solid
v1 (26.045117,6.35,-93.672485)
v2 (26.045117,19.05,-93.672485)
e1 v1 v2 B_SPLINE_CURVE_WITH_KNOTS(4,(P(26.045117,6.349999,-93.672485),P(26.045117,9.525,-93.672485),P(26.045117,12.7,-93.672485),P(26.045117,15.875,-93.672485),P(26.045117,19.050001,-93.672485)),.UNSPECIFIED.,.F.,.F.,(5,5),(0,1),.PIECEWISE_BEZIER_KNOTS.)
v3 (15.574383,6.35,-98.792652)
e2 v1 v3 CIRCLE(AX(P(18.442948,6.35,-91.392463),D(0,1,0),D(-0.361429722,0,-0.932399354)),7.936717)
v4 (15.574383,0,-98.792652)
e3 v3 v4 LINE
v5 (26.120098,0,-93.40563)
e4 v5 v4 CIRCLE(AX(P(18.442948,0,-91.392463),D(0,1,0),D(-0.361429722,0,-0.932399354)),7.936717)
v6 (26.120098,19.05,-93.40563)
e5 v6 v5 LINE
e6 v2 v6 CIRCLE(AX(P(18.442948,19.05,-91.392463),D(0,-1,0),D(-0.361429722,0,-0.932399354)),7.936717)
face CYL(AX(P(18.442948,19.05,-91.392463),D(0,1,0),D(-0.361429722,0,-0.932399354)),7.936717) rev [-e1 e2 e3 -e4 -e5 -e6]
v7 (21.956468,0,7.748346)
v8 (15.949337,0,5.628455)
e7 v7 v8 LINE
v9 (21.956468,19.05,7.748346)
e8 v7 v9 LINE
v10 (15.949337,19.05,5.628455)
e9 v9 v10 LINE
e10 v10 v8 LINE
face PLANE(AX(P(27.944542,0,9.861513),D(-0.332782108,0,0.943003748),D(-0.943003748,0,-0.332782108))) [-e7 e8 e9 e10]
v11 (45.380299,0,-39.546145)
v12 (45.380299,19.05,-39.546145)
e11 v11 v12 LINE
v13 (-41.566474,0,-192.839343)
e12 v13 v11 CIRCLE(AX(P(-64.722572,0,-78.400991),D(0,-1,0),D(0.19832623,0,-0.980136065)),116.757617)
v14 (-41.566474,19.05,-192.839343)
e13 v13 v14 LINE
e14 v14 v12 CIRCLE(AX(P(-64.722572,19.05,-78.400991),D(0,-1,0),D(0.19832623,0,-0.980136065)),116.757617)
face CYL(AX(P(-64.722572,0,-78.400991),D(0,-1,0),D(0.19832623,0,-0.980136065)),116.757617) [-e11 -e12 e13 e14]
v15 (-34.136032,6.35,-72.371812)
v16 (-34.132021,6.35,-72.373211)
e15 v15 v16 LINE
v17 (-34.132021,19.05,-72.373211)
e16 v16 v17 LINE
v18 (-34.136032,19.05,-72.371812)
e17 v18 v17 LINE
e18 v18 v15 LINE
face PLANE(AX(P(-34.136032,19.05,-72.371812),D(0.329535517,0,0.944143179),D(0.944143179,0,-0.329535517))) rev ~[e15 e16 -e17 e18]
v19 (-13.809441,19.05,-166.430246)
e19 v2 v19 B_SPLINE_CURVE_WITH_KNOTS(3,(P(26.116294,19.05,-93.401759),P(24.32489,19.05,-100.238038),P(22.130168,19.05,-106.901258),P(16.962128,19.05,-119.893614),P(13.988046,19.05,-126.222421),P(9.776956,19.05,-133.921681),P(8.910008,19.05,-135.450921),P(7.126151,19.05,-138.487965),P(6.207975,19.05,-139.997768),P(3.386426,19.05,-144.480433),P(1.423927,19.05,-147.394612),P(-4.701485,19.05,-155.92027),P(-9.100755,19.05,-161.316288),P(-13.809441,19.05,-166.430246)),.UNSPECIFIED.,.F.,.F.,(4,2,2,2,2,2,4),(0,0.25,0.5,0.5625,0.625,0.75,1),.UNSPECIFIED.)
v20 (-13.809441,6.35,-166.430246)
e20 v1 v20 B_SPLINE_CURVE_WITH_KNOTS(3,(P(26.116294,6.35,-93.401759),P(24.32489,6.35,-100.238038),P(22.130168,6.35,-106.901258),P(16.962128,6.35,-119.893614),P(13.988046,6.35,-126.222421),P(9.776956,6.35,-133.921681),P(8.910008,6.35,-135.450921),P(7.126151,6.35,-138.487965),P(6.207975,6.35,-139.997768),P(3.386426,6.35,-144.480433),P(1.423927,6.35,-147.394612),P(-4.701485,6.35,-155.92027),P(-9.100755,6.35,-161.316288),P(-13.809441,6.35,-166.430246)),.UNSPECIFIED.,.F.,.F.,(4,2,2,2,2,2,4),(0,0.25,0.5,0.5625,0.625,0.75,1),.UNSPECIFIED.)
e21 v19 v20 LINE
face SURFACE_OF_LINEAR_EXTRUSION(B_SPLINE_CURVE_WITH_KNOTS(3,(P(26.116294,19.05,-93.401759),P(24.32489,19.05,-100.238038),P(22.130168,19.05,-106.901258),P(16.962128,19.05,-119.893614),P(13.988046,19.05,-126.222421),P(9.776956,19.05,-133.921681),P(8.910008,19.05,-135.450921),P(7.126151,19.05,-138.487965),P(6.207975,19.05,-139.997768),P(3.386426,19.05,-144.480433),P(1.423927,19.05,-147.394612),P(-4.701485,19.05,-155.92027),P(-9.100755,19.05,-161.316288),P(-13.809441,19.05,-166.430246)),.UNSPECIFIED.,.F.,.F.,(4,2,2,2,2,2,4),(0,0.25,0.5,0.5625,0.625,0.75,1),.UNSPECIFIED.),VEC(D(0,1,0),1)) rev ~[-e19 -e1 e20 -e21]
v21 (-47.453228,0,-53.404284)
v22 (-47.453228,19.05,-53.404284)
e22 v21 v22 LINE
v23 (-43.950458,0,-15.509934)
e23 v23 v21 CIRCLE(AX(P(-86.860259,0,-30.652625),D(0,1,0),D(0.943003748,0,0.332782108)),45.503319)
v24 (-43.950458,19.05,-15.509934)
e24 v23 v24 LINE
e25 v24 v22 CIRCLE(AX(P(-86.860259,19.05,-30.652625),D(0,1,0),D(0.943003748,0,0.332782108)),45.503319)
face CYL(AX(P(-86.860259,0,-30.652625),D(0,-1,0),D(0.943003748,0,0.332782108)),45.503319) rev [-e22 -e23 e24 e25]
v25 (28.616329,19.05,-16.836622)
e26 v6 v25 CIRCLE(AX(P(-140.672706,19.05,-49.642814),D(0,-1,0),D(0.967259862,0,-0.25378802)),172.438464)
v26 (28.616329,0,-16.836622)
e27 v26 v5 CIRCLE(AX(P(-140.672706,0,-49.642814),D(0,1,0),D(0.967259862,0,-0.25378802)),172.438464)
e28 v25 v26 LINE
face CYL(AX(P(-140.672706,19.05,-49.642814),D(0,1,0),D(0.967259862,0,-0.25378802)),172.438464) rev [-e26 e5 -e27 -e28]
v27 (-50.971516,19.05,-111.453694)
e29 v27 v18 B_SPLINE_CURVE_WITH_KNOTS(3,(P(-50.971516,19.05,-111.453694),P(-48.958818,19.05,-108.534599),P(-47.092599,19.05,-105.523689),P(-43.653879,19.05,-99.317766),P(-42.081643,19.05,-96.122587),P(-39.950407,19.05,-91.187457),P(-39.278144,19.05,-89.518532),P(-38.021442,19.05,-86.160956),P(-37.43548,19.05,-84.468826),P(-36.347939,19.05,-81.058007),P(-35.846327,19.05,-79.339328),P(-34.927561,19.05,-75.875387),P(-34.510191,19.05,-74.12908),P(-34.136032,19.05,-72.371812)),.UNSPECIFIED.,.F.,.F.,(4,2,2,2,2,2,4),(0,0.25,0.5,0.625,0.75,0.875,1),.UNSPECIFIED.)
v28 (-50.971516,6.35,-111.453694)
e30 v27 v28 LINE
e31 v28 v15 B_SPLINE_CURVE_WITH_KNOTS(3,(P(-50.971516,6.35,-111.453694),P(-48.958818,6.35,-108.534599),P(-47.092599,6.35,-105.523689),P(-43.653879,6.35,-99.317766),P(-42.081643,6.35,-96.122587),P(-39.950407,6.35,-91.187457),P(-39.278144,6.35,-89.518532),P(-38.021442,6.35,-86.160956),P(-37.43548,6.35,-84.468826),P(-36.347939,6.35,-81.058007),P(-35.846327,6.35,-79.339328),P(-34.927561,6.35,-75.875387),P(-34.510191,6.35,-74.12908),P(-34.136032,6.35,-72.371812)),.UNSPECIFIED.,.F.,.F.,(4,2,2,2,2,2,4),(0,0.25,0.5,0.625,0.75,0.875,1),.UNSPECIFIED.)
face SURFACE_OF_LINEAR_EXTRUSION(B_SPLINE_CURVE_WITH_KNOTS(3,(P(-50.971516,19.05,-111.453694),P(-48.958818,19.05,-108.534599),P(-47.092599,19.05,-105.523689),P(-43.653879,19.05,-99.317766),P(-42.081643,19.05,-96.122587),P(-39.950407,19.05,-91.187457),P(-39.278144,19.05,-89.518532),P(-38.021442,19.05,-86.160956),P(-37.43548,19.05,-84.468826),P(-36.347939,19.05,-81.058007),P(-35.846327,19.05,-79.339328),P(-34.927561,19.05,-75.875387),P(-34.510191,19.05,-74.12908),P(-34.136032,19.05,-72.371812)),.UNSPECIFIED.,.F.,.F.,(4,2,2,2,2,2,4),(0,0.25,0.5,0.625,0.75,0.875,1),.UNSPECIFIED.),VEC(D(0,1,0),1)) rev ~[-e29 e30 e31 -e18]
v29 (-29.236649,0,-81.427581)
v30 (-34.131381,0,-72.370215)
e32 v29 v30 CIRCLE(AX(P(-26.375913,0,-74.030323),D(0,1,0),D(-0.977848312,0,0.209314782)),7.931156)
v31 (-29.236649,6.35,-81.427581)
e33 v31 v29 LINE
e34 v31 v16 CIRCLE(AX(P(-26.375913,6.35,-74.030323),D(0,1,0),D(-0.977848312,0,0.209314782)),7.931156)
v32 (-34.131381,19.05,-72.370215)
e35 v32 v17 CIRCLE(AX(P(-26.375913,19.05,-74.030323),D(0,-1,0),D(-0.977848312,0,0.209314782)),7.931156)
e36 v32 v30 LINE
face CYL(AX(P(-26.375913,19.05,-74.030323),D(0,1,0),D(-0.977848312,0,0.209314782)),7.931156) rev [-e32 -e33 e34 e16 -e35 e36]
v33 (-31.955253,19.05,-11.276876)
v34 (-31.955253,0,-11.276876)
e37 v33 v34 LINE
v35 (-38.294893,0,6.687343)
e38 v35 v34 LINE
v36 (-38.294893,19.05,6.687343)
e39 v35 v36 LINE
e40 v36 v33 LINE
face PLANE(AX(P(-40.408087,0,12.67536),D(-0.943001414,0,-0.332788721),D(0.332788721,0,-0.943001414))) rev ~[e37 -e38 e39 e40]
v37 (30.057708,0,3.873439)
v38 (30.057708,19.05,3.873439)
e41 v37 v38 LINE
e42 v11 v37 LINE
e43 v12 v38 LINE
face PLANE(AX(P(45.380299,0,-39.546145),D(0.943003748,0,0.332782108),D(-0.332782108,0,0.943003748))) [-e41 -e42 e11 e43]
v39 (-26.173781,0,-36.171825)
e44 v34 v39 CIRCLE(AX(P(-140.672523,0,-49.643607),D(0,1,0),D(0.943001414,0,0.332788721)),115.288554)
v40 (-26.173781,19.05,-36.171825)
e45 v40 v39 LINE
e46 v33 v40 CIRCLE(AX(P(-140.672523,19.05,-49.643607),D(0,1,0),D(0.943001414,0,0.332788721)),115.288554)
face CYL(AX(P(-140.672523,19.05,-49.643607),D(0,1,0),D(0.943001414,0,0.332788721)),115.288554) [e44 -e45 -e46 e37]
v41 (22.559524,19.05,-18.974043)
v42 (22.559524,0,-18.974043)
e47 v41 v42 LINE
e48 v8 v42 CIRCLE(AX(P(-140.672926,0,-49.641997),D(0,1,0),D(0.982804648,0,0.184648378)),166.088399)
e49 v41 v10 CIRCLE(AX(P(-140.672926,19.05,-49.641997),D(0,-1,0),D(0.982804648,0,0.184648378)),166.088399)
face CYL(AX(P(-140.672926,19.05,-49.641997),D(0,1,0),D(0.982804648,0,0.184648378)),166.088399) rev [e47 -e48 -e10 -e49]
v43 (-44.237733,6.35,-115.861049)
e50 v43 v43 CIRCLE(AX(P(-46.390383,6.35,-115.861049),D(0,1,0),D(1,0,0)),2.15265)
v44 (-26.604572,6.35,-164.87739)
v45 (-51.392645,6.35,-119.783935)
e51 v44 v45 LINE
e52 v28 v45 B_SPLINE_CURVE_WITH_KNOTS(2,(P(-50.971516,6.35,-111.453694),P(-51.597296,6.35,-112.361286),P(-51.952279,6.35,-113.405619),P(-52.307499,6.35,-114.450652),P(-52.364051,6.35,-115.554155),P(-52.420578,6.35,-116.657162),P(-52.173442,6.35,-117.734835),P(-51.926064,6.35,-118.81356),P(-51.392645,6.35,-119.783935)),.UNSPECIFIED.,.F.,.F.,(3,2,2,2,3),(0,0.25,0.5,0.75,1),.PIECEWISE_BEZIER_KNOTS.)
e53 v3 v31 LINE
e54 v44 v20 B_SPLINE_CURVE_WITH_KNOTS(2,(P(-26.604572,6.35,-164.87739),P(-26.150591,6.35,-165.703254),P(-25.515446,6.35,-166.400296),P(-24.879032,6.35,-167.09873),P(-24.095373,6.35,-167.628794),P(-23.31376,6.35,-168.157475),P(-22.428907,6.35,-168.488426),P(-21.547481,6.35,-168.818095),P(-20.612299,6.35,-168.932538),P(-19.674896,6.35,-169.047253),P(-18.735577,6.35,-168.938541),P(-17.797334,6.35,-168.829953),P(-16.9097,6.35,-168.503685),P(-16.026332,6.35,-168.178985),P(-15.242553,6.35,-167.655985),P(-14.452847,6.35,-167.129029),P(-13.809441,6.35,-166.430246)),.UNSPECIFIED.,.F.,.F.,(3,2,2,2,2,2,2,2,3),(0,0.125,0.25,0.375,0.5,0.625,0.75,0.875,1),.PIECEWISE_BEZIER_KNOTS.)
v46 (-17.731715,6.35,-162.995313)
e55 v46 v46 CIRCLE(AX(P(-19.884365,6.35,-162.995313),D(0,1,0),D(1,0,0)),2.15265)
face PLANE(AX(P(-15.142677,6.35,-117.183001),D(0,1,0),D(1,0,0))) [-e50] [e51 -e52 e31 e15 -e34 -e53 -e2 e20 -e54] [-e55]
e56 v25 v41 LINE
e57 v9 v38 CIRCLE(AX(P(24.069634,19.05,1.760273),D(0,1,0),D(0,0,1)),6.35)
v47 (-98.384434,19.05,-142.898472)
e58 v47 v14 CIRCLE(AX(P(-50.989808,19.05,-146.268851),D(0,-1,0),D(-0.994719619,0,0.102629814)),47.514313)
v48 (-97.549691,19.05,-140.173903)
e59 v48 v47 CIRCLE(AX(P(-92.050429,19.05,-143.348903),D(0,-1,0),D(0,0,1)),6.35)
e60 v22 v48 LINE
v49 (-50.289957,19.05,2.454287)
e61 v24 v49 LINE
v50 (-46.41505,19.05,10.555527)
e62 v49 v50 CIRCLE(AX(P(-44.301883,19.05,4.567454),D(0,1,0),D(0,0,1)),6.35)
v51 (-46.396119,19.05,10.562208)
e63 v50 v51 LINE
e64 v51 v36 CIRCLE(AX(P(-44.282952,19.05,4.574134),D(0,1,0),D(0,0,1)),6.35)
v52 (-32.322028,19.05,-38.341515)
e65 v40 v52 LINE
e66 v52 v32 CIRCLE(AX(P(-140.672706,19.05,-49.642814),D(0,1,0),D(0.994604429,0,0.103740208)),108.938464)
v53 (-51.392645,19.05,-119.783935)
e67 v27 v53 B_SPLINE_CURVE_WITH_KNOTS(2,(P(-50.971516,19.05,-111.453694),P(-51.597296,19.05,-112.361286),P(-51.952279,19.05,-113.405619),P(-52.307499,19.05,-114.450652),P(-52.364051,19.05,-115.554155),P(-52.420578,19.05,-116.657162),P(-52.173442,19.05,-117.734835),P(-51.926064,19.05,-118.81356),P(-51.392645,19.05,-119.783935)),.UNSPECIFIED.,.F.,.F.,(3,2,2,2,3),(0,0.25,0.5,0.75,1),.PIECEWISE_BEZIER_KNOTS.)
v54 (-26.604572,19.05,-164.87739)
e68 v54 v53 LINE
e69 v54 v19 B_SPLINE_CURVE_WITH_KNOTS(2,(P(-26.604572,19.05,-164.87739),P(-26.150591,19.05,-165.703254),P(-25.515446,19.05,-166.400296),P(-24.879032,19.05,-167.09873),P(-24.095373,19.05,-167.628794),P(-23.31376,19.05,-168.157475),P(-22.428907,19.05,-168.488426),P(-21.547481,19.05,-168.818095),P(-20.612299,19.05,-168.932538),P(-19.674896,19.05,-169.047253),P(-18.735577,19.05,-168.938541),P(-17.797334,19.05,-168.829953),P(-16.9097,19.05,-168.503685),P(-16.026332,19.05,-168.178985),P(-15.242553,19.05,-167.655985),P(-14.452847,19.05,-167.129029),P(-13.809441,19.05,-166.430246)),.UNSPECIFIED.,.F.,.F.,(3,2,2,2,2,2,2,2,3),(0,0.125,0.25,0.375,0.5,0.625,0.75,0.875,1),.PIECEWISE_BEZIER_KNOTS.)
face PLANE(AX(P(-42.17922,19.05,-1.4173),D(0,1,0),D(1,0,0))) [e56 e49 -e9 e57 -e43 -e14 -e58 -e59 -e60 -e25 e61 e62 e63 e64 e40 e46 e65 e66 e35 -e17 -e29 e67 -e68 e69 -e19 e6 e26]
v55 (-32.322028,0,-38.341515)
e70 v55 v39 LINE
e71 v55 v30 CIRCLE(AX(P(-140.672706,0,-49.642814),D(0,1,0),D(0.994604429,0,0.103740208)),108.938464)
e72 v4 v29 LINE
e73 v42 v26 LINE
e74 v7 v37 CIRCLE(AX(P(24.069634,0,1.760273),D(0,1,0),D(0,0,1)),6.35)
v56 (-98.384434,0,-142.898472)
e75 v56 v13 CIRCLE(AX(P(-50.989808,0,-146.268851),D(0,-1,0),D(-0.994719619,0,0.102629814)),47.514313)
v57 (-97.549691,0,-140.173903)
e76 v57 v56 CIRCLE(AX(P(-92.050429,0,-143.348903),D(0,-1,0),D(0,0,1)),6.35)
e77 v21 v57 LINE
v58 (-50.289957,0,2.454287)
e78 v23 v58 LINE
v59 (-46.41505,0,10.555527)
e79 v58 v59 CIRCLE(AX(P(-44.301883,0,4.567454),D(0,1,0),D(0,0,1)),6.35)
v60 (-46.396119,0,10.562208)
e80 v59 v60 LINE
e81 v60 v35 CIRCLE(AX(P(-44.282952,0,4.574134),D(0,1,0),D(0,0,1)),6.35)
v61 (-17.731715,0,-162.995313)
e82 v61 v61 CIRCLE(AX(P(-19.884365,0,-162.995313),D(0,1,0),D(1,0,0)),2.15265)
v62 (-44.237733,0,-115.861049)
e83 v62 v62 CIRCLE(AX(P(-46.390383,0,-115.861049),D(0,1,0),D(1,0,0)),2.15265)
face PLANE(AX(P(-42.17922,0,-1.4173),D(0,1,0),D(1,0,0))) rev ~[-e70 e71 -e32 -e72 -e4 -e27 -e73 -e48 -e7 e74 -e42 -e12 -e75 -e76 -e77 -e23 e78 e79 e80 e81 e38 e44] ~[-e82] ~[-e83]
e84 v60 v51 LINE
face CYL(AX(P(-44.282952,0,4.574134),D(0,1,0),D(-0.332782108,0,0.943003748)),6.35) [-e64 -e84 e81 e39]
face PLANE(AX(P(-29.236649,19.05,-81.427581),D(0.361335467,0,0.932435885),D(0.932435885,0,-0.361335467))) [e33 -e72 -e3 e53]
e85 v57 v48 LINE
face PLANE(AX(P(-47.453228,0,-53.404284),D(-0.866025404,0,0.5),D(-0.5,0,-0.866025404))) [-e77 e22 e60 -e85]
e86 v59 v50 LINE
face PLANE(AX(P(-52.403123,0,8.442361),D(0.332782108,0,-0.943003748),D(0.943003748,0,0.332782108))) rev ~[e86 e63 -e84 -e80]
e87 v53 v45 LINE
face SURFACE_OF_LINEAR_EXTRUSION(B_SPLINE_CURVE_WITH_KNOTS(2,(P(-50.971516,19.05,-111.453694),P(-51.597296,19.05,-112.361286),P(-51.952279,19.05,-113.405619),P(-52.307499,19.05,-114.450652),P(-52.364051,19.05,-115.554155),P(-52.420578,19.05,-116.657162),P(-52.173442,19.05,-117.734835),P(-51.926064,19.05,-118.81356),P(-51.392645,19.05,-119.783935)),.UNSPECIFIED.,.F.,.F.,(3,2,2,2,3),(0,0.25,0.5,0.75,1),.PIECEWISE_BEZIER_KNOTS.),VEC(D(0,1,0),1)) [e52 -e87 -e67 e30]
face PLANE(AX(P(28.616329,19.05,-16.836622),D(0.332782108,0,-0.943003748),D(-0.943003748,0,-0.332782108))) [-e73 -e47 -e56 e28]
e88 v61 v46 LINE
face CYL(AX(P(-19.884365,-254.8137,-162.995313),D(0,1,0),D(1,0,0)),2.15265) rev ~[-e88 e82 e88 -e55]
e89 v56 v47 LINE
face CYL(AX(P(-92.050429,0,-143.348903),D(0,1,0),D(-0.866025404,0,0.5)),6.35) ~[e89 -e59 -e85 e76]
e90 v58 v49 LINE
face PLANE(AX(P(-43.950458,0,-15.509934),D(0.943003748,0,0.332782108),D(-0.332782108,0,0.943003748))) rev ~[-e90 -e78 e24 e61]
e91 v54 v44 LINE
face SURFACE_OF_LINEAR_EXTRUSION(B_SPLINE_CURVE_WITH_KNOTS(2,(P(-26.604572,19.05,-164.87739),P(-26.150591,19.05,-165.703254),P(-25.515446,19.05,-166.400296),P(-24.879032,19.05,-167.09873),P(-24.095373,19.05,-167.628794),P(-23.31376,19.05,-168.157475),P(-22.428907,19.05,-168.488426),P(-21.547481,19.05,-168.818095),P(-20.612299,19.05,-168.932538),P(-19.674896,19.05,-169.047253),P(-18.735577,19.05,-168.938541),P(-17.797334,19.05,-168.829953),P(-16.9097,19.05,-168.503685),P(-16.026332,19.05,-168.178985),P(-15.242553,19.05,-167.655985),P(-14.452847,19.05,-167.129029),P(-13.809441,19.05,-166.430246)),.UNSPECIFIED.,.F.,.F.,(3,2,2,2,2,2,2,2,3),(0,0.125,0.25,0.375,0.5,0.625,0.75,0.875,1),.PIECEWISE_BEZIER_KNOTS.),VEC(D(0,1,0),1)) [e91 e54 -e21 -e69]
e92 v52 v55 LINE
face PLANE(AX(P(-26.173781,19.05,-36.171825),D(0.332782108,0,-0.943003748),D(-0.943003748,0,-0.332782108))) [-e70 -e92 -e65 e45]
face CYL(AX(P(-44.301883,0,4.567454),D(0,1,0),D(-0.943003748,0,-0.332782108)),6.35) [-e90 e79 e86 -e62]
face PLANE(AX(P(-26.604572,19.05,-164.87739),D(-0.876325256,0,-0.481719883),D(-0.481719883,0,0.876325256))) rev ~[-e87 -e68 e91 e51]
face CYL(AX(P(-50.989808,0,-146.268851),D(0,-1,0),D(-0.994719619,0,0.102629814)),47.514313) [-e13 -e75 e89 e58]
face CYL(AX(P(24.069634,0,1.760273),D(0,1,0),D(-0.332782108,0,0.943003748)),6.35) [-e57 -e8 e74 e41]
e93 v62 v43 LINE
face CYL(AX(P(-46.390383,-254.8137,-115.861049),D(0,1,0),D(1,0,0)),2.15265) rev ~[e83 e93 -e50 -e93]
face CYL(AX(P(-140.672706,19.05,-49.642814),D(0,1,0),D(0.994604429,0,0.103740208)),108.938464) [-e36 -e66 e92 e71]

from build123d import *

# Parameters (mm, degrees)
BOSS_EXTRUDE1_DEPTH   = 19.05
CUT_EXTRUDE1_DEPTH    = 219.215212878
CUT_EXTRUDE2_DEPTH    = 12.7
BOSS_EXTRUDE2_DEPTH   = 19.05
FILLET1_R             = 6.35
F_8_CLEARANCE_HOLE1_D = 4.3053


with BuildPart() as part:
    # Sketch1 → Boss-Extrude1 (new body)
    with BuildSketch(Plane(origin=(0, 0, 0), x_dir=(1, 0, 0), z_dir=(0, 1, 0))):
        with BuildLine():
            Line((-47.453228006, 53.404284402), (-98.253228006, 141.392465427))
            ThreePointArc((-98.253228006, 141.392465427), (-82.921975522, 181.453316928), (-41.566473575, 192.839342769))
            ThreePointArc((-41.566473575, 192.839342769), (36.836225704, 136.004392842), (45.380299153, 39.546144899))
            Line((45.380299153, 39.546144899), (27.944541838, -9.861512816))
            Line((27.944541838, -9.861512816), (0, 0))
            Line((0, 0), (-43.950457827, 15.509934128))
            ThreePointArc((-43.950457827, 15.509934128), (-41.550098289, 34.840876427), (-47.453228006, 53.404284402))
        make_face()
    extrude(amount=BOSS_EXTRUDE1_DEPTH)

    # Sketch5 → Cut-Extrude1 (cut, through all)
    with BuildSketch(Plane(origin=(0, 19.05, 0), x_dir=(1, 0, 0), z_dir=(0, 1, 0))):
        with BuildLine():
            Line((-29.23664893, 81.427581144), (15.574383155, 98.792652007))
            ThreePointArc((15.574383155, 98.792652007), (22.053436092, 98.460407789), (26.120098061, 93.405630482))
            ThreePointArc((26.120098061, 93.405630482), (31.67419382, 55.261505814), (28.616328902, 16.836622098))
            Line((28.616328902, 16.836622098), (22.559524164, 18.974043348))
            ThreePointArc((22.559524164, 18.974043348), (19.726825076, 6.545871538), (15.949337201, -5.628454892))
            Line((15.949337201, -5.628454892), (-31.95525319, 11.276876204))
            ThreePointArc((-31.95525319, 11.276876204), (-28.372538305, 23.563648828), (-26.173781301, 36.171824553))
            Line((-26.173781301, 36.171824553), (-32.322028113, 38.341515332))
            ThreePointArc((-32.322028113, 38.341515332), (-31.887912186, 55.427050363), (-34.131380562, 72.370214577))
            ThreePointArc((-34.131380562, 72.370214577), (-33.353370645, 77.801041885), (-29.23664893, 81.427581144))
        make_face()
    extrude(amount=-CUT_EXTRUDE1_DEPTH, mode=Mode.SUBTRACT)

    # Sketch6 → Cut-Extrude2 (cut)
    with BuildSketch(Plane(origin=(0, 19.05, 0), x_dir=(1, 0, 0), z_dir=(0, 1, 0))):
        with BuildLine():
            Line((-34.136031583, 72.371811773), (26.116293886, 93.401758977))
            add(Edge.make_bspline(
                [(26.116293886, 93.401758977), (24.324889601, 100.23803776), (22.130168151, 106.901258397), (16.96212823, 119.893613822), (13.988046064, 126.222420918), (9.776956475, 133.921680991), (8.910007749, 135.450921337), (7.126151123, 138.487965199), (6.207974968, 139.997768114), (3.386426272, 144.480432789), (1.42392697, 147.394611788), (-4.701484626, 155.920269738), (-9.100754748, 161.316287945), (-13.809441186, 166.430246232)],
                knots=[0, 0, 0, 0, 0.25, 0.25, 0.5, 0.5, 0.5625, 0.5625, 0.625, 0.625, 0.75, 0.75, 1, 1, 1, 1], degree=3))
            add(Edge.make_bspline(
                [(-26.604572492, 164.8773905), (-26.150591479, 165.703254328), (-25.515446259, 166.400295605), (-24.879031904, 167.098729697), (-24.095373437, 167.628794259), (-23.313760397, 168.1574753), (-22.428907317, 168.488425961), (-21.547481327, 168.818094831), (-20.612298709, 168.932538075), (-19.674896196, 169.047252981), (-18.735576663, 168.938540794), (-17.797334242, 168.829953267), (-16.909699728, 168.503685222), (-16.026331795, 168.178985445), (-15.242553256, 167.655985099), (-14.452846951, 167.129029268), (-13.809441186, 166.430246232)],
                knots=[0, 0, 0, 0.125, 0.125, 0.25, 0.25, 0.375, 0.375, 0.5, 0.5, 0.625, 0.625, 0.75, 0.75, 0.875, 0.875, 1, 1, 1], degree=2))
            Line((-26.604572492, 164.8773905), (-51.39264493, 119.783935416))
            add(Edge.make_bspline(
                [(-50.971516495, 111.453693883), (-51.597295758, 112.361285599), (-51.952278538, 113.405618938), (-52.307499269, 114.450652309), (-52.364051333, 115.554155451), (-52.420577964, 116.657162304), (-52.173441916, 117.734834771), (-51.926064332, 118.813560494), (-51.39264493, 119.783935416)],
                knots=[0, 0, 0, 0.25, 0.25, 0.5, 0.5, 0.75, 0.75, 1, 1, 1], degree=2))
            add(Edge.make_bspline(
                [(-50.971516495, 111.453693883), (-48.958817602, 108.534599247), (-47.092599274, 105.523689489), (-43.653878745, 99.317766492), (-42.08164257, 96.122586505), (-39.950407344, 91.187456603), (-39.27814351, 89.518531936), (-38.021441634, 86.160956199), (-37.435479748, 84.468826365), (-36.34793939, 81.058006993), (-35.846327383, 79.339328012), (-34.927561091, 75.875386956), (-34.510190541, 74.129079907), (-34.136031583, 72.371811773)],
                knots=[0, 0, 0, 0, 0.25, 0.25, 0.5, 0.5, 0.625, 0.625, 0.75, 0.75, 0.875, 0.875, 1, 1, 1, 1], degree=3))
        make_face()
    extrude(amount=-CUT_EXTRUDE2_DEPTH, mode=Mode.SUBTRACT)

    # Sketch7 → Boss-Extrude2 (add)
    with BuildSketch(Plane(origin=(0, 0, 0), x_dir=(1, 0, 0), z_dir=(0, 1, 0))):
        Polygon((-43.950457827, 15.509934128), (-52.403123375, -8.442361068), (-40.408086707, -12.675359716), (-31.95525319, 11.276876204), align=None)
    extrude(amount=BOSS_EXTRUDE2_DEPTH)

    # Fillet1
    fillet1_edges = [part.edges().sort_by_distance(p)[0] for p in [
        (-98.253228006, 9.525, -141.392465427),
        (27.944541838, 9.525, 9.861512816),
        (-52.403123375, 9.525, 8.442361068),
        (-40.408086707, 9.525, 12.675359716),
    ]]
    fillet(fillet1_edges, radius=FILLET1_R)

    # #8 Clearance Hole1 (through all)
    with Locations(Plane(origin=(0, 0, 0), x_dir=(-1, 0, 0), z_dir=(0, -1, 0))):
        with Locations((46.39038303, 115.861048868), (19.884364695, 162.99531268)):
            Hole(F_8_CLEARANCE_HOLE1_D / 2)


solid = part.part
